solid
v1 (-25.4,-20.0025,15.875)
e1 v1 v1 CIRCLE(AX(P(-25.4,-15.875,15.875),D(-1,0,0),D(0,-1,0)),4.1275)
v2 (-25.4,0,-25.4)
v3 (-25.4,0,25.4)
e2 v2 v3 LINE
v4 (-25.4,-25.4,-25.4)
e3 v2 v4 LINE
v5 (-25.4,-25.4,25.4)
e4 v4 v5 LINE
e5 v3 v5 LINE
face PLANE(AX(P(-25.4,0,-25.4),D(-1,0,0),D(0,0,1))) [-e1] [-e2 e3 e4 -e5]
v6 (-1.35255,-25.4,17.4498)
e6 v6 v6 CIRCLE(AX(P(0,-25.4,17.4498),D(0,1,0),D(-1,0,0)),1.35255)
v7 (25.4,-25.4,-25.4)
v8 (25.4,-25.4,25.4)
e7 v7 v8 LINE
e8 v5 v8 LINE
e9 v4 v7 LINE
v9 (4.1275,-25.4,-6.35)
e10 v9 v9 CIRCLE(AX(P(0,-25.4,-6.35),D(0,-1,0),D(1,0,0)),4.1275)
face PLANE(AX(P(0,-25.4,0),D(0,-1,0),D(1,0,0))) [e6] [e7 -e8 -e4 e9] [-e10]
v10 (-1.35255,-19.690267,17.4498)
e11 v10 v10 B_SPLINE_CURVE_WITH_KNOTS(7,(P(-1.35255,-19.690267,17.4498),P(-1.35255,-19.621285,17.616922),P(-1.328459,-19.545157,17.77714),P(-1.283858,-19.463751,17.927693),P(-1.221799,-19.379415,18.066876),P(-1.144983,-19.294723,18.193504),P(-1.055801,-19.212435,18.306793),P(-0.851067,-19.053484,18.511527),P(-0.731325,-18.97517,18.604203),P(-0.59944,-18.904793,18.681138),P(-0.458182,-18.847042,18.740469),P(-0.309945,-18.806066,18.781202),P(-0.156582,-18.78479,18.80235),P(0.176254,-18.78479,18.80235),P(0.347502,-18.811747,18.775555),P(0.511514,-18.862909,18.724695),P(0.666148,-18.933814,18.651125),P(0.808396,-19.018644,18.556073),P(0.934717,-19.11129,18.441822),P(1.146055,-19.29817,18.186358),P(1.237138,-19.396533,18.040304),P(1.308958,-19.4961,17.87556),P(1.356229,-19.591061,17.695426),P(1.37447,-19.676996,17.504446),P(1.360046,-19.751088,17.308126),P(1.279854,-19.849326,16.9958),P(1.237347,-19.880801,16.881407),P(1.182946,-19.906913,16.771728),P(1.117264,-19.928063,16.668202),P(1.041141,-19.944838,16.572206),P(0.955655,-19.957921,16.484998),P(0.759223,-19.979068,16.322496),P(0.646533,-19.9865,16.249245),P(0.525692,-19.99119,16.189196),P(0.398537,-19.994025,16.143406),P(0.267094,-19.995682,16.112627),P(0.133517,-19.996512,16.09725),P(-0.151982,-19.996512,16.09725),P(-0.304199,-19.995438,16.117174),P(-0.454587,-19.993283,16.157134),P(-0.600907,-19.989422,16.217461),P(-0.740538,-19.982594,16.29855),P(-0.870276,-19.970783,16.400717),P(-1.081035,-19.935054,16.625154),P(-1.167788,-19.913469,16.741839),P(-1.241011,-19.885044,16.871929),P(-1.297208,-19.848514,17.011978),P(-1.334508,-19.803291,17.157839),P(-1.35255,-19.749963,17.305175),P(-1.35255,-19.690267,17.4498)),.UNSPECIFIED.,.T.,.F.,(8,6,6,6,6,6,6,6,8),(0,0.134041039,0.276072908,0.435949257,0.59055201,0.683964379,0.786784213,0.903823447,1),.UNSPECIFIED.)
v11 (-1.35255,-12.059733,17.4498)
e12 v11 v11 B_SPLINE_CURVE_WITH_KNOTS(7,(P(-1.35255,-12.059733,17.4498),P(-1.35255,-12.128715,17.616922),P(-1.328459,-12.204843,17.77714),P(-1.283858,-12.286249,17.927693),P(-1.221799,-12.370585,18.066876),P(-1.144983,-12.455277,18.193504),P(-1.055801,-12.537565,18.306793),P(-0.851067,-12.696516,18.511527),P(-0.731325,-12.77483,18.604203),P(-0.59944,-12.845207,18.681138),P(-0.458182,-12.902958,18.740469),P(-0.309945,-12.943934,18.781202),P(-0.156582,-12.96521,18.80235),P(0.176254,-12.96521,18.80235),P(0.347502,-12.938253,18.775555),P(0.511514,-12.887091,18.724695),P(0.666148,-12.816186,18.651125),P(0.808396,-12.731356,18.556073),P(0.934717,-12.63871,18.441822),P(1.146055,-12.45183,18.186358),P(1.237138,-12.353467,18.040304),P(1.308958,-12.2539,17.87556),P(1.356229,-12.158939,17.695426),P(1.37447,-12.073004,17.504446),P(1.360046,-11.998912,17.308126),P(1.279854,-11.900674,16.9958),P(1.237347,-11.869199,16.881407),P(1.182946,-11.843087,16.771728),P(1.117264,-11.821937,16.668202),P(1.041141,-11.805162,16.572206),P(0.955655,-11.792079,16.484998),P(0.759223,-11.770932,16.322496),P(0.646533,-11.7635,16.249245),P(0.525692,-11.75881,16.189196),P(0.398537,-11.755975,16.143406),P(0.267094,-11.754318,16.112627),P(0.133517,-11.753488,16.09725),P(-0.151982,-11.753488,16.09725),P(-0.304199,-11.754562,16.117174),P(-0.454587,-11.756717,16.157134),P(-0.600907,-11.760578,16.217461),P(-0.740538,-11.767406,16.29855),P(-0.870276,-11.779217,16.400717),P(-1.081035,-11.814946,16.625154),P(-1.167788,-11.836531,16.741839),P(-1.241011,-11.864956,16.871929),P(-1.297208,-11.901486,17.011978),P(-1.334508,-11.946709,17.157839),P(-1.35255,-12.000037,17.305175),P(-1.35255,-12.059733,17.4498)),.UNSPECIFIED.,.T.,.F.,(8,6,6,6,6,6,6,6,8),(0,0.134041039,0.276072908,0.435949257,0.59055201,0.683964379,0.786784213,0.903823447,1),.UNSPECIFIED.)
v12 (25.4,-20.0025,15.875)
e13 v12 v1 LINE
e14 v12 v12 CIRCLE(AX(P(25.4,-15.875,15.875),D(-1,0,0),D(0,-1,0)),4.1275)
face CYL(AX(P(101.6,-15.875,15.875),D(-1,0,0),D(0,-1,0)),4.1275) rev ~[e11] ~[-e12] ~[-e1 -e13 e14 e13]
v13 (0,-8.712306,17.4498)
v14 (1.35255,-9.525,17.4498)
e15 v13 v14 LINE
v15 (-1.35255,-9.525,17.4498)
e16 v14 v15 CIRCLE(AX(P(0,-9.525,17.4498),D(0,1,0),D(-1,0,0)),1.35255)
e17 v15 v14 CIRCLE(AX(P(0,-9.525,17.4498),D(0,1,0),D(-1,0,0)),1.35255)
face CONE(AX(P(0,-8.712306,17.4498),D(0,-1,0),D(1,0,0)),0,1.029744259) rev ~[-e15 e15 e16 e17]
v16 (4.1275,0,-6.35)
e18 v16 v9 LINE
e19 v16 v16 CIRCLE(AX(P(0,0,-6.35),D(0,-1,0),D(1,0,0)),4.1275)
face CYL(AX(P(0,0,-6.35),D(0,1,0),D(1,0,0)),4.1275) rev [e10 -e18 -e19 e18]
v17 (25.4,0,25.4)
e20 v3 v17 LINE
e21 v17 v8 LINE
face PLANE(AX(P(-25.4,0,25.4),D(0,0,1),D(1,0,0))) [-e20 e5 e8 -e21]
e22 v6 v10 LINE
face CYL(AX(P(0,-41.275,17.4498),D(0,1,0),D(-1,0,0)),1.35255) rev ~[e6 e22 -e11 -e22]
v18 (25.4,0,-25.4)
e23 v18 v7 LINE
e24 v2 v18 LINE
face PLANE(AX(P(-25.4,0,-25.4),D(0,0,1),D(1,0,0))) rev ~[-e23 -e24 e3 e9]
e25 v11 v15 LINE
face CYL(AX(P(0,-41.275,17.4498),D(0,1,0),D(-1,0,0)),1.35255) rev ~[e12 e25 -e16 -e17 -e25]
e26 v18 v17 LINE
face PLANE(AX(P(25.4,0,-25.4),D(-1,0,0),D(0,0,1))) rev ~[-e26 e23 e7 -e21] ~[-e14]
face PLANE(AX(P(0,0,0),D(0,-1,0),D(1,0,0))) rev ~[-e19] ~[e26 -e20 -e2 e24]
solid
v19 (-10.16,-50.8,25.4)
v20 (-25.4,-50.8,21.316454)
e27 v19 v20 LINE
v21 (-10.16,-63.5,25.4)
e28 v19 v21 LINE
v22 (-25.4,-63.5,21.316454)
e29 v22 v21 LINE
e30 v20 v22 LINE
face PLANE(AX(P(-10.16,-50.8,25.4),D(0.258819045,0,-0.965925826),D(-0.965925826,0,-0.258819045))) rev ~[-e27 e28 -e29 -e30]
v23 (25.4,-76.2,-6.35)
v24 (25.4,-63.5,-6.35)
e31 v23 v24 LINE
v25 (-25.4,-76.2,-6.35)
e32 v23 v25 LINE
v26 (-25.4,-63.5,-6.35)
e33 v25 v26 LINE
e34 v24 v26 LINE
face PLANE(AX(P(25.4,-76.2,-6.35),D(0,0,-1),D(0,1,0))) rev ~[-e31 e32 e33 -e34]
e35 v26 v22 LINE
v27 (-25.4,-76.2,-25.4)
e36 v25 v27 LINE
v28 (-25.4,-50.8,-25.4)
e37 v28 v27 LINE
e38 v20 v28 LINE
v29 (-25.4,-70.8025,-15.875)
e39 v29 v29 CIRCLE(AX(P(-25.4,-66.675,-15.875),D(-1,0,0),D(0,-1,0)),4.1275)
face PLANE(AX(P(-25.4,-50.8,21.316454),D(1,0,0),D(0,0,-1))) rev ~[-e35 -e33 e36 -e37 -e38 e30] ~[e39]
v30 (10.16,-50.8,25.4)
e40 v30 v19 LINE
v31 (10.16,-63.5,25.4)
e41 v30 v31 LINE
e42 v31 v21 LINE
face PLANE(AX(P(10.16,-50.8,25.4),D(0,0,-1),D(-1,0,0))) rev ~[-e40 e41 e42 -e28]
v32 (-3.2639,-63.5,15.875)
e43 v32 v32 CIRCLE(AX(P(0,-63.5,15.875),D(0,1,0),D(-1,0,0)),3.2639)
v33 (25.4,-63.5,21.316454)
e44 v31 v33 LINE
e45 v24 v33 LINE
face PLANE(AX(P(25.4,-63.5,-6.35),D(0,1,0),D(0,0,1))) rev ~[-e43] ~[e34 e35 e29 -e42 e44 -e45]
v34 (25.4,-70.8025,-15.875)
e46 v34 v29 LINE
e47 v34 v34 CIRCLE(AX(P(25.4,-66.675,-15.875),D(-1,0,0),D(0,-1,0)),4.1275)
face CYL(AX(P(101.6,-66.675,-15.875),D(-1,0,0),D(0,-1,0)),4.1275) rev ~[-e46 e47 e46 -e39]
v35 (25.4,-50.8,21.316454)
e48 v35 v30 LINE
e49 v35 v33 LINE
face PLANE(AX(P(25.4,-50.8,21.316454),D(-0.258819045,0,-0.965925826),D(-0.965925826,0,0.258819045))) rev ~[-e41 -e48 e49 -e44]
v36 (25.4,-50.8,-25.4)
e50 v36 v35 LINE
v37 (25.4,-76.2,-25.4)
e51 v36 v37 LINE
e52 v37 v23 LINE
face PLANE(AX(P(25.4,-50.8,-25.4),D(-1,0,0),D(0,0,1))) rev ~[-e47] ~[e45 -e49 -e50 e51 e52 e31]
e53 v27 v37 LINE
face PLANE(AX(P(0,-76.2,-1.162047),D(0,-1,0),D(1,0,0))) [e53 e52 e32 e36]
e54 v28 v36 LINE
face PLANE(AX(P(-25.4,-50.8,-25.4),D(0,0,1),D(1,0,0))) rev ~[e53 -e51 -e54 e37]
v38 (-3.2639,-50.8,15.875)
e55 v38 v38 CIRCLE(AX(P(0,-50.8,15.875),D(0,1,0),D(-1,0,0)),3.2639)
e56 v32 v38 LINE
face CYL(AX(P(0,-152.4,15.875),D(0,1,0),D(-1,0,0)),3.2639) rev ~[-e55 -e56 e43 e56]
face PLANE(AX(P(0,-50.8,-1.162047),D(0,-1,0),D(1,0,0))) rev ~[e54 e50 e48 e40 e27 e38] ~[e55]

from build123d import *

# Parameters (mm, degrees)
F0_W      = 50.8
F0_H      = 50.8
F0_R      = 4.1275
F1_DEPTH  = 25.4
F3_D      = 8.255
F6_DEPTH  = 25.4
F8_D      = 6.5278
F9_W      = 12.7
F9_H      = 27.6664543073
F9_H_2    = 4.0835456927
F10_DEPTH = 50.801
F12_D     = 8.255
F14_D     = 2.7051
F14_DEPTH = 15.875
F14_TIP   = 0.8126940303


with BuildPart() as f1:
    # F0 (on Front) → F1 (new body)
    with BuildSketch(Plane.XZ):
        Rectangle(F0_W, F0_H)
        with Locations((0, -6.35)):
            Circle(F0_R, mode=Mode.SUBTRACT)
    extrude(amount=F1_DEPTH)

    # F3 (through all)
    with Locations(Plane.YZ.offset(25.4)):
        with Locations((-15.875, 15.875)):
            Hole(F3_D / 2)

    # F14
    with Locations(Plane.XZ.offset(25.4)):
        with Locations((0, 17.4498)):
            Hole(F14_D / 2, depth=F14_DEPTH)
            with Locations((0, 0, -(F14_DEPTH + F14_TIP / 2))):  # 118° drill point
                Cone(0, F14_D / 2, F14_TIP, mode=Mode.SUBTRACT)


with BuildPart() as f6:
    # F5 (on offset) → F6 (new body)
    with BuildSketch(Plane.XZ.offset(50.8)):
        Polygon((25.4, 21.3164543073), (10.16, 25.4), (-10.16, 25.4), (-25.4, 21.3164543073), (-25.4, -25.4), (25.4, -25.4), align=None)
    extrude(amount=F6_DEPTH)

    # F8 (through all)
    with Locations(Plane.XZ.offset(76.2)):
        with Locations((0, 15.875)):
            Hole(F8_D / 2)

    # F9 (on face) → F10 (cut, through all)
    with BuildSketch(Plane.YZ.offset(25.4)):
        with Locations((-69.85, 7.4832271537)):
            Rectangle(F9_W, F9_H)
        with Locations((-69.85, 23.3582271537)):
            Rectangle(F9_W, F9_H_2)
    extrude(amount=-F10_DEPTH, mode=Mode.SUBTRACT)

    # F12 (through all)
    with Locations(Plane.YZ.offset(25.4)):
        with Locations((-66.675, -15.875)):
            Hole(F12_D / 2)


solid = Compound([f1.part, f6.part])
